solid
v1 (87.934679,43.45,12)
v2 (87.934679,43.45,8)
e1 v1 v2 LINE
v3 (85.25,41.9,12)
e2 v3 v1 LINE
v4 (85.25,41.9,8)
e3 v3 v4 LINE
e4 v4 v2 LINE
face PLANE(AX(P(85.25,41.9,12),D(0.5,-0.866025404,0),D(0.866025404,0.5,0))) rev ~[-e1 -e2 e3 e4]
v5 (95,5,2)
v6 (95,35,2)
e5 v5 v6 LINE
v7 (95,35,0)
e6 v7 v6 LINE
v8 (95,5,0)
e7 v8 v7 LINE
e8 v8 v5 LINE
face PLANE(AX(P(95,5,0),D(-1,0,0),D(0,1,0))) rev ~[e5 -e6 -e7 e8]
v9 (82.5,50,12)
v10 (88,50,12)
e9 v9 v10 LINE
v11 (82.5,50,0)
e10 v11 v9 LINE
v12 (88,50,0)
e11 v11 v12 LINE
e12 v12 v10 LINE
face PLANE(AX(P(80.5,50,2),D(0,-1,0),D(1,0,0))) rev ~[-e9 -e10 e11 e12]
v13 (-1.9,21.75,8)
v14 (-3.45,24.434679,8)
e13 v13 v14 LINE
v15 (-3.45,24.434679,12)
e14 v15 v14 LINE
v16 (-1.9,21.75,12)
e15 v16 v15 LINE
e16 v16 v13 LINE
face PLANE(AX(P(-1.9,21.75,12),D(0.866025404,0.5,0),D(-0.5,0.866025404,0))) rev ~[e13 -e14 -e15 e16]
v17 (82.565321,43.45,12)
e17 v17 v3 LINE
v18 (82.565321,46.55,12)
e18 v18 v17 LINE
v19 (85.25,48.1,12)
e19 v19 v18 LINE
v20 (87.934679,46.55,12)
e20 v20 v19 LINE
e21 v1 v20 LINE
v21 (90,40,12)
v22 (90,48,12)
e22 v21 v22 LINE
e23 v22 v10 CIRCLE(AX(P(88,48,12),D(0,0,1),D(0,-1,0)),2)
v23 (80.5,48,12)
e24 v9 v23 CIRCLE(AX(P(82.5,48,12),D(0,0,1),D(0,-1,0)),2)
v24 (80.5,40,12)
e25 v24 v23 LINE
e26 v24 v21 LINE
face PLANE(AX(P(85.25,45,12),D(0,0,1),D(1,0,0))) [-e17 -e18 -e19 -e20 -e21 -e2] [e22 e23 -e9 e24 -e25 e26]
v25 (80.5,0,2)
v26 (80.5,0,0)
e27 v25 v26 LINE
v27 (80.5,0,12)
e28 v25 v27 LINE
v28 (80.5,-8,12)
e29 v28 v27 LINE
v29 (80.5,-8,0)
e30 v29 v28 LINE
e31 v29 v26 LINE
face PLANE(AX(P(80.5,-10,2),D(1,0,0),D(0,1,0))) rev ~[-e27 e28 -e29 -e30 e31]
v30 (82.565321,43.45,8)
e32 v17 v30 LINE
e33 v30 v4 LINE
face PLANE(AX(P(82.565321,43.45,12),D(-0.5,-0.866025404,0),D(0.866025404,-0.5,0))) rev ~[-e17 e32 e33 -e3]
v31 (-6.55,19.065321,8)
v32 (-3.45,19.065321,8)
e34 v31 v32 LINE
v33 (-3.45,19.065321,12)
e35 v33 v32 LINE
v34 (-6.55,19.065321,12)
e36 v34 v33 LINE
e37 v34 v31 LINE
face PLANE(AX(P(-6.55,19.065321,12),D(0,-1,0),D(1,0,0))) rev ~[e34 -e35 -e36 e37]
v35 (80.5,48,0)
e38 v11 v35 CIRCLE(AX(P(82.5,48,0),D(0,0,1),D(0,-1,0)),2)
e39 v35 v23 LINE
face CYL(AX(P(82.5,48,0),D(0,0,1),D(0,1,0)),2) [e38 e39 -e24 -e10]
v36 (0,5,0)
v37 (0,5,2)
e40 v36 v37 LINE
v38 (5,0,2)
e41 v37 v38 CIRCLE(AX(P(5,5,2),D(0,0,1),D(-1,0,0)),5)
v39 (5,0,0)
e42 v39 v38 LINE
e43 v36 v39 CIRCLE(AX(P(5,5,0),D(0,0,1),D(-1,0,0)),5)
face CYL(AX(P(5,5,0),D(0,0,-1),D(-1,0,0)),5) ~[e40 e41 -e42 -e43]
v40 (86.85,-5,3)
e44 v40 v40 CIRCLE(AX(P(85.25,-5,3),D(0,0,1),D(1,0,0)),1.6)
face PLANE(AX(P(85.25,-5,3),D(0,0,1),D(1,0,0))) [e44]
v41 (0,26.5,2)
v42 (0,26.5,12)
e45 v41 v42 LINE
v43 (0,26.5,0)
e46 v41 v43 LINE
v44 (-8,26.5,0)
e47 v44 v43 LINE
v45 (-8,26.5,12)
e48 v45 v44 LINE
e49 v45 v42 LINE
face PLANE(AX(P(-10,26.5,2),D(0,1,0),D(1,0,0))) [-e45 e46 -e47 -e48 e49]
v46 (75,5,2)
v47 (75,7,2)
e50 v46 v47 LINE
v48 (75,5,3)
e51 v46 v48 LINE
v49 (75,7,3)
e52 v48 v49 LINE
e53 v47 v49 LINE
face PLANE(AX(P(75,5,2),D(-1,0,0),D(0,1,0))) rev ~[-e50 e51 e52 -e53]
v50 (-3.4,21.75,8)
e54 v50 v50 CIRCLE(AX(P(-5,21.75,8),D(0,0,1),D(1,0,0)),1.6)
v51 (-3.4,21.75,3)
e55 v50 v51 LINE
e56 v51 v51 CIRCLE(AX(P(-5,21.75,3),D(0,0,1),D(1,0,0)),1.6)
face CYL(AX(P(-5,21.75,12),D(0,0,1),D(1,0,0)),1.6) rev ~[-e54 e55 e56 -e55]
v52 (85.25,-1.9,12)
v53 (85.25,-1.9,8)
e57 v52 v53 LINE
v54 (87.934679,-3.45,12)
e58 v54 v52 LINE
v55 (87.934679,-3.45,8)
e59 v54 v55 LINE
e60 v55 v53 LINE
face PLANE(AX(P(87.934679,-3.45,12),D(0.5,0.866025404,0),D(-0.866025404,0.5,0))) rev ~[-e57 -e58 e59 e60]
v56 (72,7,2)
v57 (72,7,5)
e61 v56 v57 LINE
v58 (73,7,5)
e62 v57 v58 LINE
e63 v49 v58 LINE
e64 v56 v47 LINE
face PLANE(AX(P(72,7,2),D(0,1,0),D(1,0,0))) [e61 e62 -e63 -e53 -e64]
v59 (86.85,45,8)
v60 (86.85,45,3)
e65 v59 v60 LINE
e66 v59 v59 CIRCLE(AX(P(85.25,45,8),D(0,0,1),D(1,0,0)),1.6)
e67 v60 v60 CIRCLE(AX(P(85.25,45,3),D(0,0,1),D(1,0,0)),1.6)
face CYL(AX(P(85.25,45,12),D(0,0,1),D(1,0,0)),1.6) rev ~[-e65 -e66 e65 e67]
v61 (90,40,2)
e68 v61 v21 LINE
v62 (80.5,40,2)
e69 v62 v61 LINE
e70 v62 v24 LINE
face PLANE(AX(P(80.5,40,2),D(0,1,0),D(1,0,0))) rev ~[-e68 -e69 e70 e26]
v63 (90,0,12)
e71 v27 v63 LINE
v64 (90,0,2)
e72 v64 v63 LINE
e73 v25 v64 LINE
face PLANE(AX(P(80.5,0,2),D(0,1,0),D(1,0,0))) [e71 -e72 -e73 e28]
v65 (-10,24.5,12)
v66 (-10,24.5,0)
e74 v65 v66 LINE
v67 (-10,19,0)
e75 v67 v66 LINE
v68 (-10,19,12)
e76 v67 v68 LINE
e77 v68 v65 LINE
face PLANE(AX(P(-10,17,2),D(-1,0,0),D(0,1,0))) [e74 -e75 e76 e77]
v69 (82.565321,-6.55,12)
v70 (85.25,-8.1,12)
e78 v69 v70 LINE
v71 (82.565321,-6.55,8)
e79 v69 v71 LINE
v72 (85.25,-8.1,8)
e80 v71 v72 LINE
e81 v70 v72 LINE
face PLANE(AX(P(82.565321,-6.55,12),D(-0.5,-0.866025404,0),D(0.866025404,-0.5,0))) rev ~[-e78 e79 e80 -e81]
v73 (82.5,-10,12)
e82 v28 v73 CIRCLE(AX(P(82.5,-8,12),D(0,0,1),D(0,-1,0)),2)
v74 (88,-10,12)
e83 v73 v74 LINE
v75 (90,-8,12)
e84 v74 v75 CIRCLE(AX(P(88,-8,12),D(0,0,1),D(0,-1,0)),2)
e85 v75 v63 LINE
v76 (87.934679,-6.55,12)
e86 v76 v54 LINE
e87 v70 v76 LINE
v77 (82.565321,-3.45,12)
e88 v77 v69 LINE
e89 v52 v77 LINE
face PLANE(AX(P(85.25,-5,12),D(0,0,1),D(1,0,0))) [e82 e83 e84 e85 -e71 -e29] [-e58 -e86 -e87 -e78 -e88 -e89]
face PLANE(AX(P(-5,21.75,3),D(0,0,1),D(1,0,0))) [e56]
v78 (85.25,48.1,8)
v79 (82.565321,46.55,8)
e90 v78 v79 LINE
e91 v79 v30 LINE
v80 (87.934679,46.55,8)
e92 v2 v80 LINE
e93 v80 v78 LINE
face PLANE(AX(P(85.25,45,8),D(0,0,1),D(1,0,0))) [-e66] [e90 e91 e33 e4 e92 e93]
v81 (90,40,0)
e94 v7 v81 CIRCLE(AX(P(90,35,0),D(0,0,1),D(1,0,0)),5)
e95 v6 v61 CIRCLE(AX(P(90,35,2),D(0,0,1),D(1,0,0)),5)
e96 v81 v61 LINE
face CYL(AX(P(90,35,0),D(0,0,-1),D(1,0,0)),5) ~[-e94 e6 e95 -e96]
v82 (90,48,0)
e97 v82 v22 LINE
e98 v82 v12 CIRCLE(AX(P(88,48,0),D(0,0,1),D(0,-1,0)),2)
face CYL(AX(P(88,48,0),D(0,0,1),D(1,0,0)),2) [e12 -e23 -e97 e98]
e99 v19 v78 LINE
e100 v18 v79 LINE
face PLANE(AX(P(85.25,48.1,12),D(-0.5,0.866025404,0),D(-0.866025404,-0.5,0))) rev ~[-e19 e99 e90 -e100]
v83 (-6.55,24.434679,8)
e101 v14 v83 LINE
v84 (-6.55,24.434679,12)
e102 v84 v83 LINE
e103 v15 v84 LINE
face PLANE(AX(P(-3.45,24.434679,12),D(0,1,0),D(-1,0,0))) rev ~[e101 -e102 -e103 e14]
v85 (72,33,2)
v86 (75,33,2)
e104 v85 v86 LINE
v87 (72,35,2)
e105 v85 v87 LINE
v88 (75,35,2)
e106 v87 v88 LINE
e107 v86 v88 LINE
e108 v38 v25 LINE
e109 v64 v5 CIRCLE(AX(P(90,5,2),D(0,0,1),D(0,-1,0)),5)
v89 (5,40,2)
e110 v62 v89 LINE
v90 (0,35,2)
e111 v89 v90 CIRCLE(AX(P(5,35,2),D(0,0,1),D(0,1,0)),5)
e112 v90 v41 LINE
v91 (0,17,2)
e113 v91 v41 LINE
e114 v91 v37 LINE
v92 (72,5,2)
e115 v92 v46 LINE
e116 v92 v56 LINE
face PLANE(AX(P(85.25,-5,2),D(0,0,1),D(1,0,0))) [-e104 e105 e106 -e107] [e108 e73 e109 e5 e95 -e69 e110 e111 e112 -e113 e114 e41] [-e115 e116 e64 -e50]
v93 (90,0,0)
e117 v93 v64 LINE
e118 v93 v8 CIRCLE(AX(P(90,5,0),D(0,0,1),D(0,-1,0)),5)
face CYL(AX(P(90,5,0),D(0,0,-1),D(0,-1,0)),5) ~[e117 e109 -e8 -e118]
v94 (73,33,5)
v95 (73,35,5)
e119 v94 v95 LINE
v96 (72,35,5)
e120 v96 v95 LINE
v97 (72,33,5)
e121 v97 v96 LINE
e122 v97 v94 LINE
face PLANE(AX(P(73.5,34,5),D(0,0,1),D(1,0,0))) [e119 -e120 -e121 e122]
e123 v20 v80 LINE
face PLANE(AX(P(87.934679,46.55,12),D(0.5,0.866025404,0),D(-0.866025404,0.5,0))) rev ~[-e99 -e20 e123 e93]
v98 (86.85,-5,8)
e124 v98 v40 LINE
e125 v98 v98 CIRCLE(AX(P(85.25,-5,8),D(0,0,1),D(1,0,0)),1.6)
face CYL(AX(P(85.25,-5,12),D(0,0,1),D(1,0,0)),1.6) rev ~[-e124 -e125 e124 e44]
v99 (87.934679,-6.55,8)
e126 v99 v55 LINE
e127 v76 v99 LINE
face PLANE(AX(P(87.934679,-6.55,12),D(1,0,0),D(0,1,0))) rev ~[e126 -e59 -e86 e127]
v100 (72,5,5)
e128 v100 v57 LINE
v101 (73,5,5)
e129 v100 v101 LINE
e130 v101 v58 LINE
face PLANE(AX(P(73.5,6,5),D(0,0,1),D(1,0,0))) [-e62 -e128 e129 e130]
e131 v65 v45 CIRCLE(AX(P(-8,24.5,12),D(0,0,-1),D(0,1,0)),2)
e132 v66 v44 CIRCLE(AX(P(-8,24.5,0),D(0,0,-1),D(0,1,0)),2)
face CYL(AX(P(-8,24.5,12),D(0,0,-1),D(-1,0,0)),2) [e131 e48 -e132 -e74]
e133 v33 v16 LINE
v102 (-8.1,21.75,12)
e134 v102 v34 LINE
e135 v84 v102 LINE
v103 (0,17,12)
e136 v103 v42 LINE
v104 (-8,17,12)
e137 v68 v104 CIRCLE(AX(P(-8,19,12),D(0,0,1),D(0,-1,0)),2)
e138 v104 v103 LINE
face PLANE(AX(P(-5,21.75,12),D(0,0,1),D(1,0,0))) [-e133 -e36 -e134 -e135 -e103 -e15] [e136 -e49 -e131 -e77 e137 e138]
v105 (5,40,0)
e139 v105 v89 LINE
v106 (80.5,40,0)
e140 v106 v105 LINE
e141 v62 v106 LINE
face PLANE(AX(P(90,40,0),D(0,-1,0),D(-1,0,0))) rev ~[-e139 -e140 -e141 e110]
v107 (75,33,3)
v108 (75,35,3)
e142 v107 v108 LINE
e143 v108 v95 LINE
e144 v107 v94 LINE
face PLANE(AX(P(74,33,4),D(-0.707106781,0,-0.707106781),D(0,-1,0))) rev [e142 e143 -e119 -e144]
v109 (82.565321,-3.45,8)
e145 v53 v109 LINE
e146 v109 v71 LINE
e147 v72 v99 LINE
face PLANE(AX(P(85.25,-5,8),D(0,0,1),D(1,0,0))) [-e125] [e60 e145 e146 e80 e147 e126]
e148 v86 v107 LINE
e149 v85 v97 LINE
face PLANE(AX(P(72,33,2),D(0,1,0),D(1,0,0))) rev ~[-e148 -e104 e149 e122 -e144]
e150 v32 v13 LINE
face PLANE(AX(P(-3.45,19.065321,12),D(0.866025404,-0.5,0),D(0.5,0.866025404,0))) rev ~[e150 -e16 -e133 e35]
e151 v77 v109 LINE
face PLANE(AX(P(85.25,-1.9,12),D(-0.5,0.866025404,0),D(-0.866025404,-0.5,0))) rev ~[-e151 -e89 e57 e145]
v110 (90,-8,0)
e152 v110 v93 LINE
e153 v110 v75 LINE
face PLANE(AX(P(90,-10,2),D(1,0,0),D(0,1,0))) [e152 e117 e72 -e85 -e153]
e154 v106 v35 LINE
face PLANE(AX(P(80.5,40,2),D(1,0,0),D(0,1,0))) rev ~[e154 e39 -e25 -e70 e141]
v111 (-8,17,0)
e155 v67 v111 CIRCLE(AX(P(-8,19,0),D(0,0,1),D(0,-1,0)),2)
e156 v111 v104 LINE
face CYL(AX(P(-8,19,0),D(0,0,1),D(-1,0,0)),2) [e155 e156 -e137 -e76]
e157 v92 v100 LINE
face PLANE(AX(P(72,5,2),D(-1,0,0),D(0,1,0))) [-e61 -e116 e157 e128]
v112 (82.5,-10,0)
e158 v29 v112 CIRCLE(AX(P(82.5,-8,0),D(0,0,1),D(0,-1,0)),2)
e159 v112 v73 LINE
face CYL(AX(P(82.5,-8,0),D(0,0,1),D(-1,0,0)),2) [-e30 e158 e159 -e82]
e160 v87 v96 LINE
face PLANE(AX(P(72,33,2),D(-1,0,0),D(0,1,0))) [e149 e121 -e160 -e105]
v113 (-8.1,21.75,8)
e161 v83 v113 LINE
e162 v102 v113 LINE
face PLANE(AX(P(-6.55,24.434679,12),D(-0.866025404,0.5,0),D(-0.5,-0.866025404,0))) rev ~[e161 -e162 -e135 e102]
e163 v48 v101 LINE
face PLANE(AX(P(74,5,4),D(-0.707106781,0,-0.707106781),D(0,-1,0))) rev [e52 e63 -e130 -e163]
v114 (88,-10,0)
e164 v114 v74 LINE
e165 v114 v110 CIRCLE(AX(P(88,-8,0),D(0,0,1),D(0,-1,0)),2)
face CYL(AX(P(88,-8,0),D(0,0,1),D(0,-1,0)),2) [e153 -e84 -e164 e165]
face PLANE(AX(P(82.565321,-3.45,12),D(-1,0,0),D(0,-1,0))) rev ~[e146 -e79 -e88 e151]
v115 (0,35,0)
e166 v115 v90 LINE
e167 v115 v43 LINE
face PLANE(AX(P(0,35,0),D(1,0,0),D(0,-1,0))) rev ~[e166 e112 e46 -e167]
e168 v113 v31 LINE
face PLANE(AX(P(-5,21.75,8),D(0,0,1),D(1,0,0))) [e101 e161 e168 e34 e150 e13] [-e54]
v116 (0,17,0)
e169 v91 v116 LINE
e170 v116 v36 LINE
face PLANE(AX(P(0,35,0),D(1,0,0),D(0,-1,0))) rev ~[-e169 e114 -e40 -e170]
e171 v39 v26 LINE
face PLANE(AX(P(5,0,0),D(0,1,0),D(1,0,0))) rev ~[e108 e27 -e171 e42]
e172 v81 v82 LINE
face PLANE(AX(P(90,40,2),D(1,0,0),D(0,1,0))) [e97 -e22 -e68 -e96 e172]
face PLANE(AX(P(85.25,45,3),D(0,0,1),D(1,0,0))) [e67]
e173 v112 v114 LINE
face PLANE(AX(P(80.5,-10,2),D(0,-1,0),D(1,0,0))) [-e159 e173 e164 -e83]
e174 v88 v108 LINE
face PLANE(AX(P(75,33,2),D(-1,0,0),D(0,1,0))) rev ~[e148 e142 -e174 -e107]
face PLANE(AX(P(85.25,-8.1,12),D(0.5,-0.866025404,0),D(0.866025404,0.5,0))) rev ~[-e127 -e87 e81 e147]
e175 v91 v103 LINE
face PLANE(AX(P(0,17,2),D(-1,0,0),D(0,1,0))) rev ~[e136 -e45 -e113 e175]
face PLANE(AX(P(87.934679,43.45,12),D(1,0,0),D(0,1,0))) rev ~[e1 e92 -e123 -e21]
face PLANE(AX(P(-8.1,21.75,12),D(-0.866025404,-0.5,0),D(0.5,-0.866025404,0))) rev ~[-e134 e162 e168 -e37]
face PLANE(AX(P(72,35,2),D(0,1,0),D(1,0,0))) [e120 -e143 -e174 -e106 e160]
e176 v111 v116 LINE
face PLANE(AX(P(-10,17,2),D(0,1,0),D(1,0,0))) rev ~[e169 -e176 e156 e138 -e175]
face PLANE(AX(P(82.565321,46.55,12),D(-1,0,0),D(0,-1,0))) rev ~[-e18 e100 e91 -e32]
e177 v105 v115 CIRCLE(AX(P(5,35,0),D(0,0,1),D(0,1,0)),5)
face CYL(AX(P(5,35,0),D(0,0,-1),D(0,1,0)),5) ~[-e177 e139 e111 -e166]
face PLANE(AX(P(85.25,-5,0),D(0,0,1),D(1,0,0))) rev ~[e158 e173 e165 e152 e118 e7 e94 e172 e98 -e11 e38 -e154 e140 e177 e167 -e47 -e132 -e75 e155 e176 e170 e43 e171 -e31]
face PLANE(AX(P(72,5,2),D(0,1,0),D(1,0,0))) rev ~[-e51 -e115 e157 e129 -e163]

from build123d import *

# Parameters (mm, degrees)
PAD_DEPTH       = 2
SKETCH017_W     = 10
SKETCH017_H     = 9.5
SKETCH017_W_2   = 9.5
SKETCH017_H_2   = 10
PAD006_DEPTH    = 2
SKETCH018_W     = 10
SKETCH018_H     = 9.5
SKETCH018_W_2   = 9.5
SKETCH018_H_2   = 10
PAD007_DEPTH    = 10
SKETCH020_R     = 1.6
POCKET008_DEPTH = 9
POCKET011_DEPTH = 4
FILLET002_R     = 2
SKETCH028_W     = 3
SKETCH028_H     = 2
PAD010_DEPTH    = 3
CHAMFER_SIZE    = 2


with BuildPart() as part:
    # Sketch → Pad (new body)
    with BuildSketch(Plane.XY):
        with BuildLine():
            Line((5, 0), (90, 0))
            ThreePointArc((90, 0), (93.5355339059, 1.4644660941), (95, 5))
            Line((95, 5), (95, 35))
            ThreePointArc((95, 35), (93.5355339059, 38.5355339059), (90, 40))
            Line((90, 40), (5, 40))
            ThreePointArc((5, 40), (1.4644660941, 38.5355339059), (0, 35))
            Line((0, 35), (0, 5))
            ThreePointArc((0, 5), (1.4644660941, 1.4644660941), (5, 0))
        make_face()
    extrude(amount=PAD_DEPTH)

    # Sketch017 (on Face10 of Pad) → Pad006 (join)
    with BuildSketch(Plane.XY.offset(2)):
        with Locations((-5, 21.75)):
            Rectangle(SKETCH017_W, SKETCH017_H)
        with Locations((85.25, -5)):
            Rectangle(SKETCH017_W_2, SKETCH017_H_2)
        with Locations((85.25, 45)):
            Rectangle(SKETCH017_W_2, SKETCH017_H_2)
    extrude(amount=-PAD006_DEPTH)

    # Sketch018 (on Face18 of Pad006) → Pad007 (join)
    with BuildSketch(Plane.XY.offset(2)):
        with Locations((-5, 21.75)):
            Rectangle(SKETCH018_W, SKETCH018_H)
        with Locations((85.25, -5)):
            Rectangle(SKETCH018_W_2, SKETCH018_H_2)
        with Locations((85.25, 45)):
            Rectangle(SKETCH018_W_2, SKETCH018_H_2)
    extrude(amount=PAD007_DEPTH)

    # Sketch020 (on Face29 of Pad007) → Pocket008 (cut)
    with BuildSketch(Plane.XY.offset(12)):
        with Locations((85.25, -5)):
            Circle(SKETCH020_R)
        with Locations((85.25, 45)):
            Circle(SKETCH020_R)
        with Locations((-5, 21.75)):
            Circle(SKETCH020_R)
    extrude(amount=-POCKET008_DEPTH, mode=Mode.SUBTRACT)

    # Sketch021 (on Face29 of Pocket008) → Pocket011 (cut)
    with BuildSketch(Plane.XY.offset(12)):
        Polygon((87.9346787517, 43.45), (87.9346787517, 46.55), (85.25, 48.1), (82.5653212483, 46.55), (82.5653212483, 43.45), (85.25, 41.9), align=None)
        Polygon((87.9346787517, -6.55), (87.9346787517, -3.45), (85.25, -1.9), (82.5653212483, -3.45), (82.5653212483, -6.55), (85.25, -8.1), align=None)
        Polygon((-3.45, 19.0653212483), (-1.9, 21.75), (-3.45, 24.4346787517), (-6.55, 24.4346787517), (-8.1, 21.75), (-6.55, 19.0653212483), align=None)
    extrude(amount=-POCKET011_DEPTH, mode=Mode.SUBTRACT)

    # Fillet002
    fillet002_edges = [part.edges().sort_by_distance(p)[0] for p in [
        (-10, 17, 7),
        (-10, 26.5, 7),
        (80.5, 50, 7),
        (90, 50, 7),
        (80.5, -10, 7),
        (90, -10, 7),
    ]]
    fillet(fillet002_edges, radius=FILLET002_R)

    # Sketch028 (on Face12 of Fillet002) → Pad010 (join)
    with BuildSketch(Plane.XY.offset(2)):
        with Locations((73.5, 34)):
            Rectangle(SKETCH028_W, SKETCH028_H)
        with Locations((73.5, 6)):
            Rectangle(SKETCH028_W, SKETCH028_H)
    extrude(amount=PAD010_DEPTH)

    # Chamfer
    chamfer_edges = [part.edges().sort_by_distance(p)[0] for p in [
        (75, 6, 5),
        (75, 34, 5),
    ]]
    chamfer(chamfer_edges, length=CHAMFER_SIZE)


solid = part.part
